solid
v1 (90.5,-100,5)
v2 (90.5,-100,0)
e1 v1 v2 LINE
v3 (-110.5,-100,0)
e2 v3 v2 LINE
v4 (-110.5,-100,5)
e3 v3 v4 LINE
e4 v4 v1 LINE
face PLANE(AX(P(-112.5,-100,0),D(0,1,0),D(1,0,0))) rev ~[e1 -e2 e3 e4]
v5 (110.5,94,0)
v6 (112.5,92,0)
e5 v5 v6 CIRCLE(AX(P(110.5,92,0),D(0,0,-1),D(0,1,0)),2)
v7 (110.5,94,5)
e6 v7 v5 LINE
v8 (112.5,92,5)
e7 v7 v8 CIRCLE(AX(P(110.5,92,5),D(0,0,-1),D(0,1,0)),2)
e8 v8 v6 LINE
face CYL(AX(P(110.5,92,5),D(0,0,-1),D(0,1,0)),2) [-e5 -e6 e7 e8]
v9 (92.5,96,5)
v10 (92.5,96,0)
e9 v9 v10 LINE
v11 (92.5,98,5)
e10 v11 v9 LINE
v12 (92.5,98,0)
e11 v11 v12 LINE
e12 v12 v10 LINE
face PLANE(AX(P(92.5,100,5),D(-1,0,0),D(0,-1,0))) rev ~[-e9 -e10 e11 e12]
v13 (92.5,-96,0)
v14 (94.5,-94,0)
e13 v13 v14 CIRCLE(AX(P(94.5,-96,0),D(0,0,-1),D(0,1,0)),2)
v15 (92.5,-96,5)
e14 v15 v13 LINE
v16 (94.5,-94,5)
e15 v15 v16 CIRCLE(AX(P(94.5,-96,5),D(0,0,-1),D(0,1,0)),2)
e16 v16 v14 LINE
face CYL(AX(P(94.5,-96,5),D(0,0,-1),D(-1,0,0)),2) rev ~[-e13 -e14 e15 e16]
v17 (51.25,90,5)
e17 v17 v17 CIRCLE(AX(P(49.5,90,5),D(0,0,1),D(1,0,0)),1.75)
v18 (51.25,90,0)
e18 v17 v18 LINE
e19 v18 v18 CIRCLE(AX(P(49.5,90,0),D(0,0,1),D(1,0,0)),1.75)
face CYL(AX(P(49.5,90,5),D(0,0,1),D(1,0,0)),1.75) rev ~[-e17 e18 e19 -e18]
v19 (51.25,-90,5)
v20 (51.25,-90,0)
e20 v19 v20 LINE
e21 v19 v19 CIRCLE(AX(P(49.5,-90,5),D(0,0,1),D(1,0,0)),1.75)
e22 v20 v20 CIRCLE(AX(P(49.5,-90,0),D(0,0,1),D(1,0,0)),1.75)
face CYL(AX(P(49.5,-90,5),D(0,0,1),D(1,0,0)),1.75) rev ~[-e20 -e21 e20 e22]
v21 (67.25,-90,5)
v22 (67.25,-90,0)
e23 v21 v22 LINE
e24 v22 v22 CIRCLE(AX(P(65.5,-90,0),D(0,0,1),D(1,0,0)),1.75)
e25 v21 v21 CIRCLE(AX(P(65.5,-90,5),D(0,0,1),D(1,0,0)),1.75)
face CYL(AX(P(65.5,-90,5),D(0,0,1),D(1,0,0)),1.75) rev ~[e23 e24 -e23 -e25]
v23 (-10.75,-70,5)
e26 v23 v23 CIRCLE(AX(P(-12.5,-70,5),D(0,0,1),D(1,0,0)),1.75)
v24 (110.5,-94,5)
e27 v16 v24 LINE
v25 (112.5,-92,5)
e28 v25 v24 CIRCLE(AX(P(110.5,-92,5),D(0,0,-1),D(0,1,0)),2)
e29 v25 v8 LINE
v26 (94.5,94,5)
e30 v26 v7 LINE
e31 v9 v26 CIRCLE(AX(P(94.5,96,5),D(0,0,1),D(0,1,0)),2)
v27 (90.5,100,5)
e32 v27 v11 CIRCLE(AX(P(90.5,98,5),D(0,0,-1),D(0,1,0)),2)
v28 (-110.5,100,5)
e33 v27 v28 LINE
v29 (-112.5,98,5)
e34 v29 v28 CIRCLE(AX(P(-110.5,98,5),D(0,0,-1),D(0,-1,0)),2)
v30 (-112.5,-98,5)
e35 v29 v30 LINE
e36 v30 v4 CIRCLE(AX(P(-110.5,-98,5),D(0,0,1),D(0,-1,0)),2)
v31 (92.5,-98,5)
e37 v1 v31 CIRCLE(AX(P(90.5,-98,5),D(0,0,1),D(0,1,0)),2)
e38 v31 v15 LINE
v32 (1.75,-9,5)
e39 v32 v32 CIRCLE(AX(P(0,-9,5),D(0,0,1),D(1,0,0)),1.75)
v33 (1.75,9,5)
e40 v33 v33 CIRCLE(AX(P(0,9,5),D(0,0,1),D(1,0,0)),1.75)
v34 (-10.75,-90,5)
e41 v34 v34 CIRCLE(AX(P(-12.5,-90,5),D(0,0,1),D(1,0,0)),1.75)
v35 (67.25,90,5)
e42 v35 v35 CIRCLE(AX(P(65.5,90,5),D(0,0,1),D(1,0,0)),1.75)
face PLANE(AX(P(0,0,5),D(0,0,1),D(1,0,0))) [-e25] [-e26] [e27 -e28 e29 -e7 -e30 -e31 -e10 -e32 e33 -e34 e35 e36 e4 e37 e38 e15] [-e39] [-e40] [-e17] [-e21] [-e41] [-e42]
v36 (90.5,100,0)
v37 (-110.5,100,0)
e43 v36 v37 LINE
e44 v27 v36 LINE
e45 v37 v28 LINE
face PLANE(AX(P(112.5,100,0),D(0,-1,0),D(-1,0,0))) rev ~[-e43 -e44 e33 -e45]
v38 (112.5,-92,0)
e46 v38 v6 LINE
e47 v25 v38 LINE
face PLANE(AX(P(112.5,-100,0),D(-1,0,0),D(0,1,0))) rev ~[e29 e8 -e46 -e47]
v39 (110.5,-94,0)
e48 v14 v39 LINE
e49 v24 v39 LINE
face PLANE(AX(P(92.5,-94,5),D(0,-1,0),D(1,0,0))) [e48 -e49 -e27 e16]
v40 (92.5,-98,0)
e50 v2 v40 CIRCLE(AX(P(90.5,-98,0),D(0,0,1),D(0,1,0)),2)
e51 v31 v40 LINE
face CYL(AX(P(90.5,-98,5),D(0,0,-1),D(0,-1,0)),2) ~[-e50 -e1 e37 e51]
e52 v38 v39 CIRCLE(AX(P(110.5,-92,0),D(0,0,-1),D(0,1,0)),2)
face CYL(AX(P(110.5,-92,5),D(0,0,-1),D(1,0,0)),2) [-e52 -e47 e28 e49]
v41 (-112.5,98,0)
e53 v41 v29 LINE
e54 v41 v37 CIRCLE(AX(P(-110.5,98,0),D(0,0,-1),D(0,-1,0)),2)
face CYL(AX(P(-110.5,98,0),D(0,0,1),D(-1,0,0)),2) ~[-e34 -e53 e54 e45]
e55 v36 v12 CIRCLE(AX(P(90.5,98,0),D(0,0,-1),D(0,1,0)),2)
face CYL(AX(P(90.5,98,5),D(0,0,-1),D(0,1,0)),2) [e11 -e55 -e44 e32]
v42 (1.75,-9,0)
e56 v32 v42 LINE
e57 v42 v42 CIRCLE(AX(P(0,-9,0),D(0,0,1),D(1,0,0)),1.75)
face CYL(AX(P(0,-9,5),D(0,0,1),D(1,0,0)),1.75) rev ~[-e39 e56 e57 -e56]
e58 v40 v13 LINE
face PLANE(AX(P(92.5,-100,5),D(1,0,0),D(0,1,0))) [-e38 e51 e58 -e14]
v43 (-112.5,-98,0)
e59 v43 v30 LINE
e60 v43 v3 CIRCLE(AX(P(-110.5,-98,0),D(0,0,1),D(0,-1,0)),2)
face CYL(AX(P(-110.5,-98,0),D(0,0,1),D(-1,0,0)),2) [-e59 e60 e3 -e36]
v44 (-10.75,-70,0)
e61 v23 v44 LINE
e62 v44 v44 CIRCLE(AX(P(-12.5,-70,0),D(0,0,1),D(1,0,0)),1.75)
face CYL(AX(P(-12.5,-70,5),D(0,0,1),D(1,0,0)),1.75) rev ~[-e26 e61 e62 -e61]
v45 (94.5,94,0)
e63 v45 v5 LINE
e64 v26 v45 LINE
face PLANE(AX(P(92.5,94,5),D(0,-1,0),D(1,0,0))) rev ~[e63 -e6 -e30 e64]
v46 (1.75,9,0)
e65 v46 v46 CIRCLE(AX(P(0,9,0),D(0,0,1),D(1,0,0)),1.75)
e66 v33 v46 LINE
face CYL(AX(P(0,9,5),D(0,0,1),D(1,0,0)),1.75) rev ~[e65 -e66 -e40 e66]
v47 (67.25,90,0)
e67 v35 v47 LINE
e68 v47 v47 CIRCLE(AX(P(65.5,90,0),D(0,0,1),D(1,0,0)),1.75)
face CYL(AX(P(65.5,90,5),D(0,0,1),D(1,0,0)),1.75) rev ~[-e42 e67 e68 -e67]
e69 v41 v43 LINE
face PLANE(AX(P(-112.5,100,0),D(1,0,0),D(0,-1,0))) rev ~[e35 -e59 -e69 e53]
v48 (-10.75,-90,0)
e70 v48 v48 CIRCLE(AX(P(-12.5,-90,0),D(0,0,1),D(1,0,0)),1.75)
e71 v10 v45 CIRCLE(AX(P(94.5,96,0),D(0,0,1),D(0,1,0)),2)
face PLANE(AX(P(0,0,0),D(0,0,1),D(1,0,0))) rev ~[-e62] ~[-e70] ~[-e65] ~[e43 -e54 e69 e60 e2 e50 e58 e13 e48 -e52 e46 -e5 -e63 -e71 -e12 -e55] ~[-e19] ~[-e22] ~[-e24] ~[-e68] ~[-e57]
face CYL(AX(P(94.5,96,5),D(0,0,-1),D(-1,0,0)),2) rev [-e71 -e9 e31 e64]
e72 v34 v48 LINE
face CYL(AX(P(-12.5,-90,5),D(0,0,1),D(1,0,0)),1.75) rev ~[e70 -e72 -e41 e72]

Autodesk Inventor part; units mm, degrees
ref_plane "YZ Plane" through (0, 0, 0) normal (1, 0, 0) x (0, 1, 0)
ref_plane "XZ Plane" through (0, 0, 0) normal (0, 1, 0) x (-1, 0, 0)
ref_plane "XY Plane" through (0, 0, 0) normal (0, 0, 1) x (1, 0, 0)
sketch "Sketch1" plane through (0, 0, 0) normal (0, 0, 1) x (1, 0, 0)
  line L0 (-112.5, -100) -> (112.5, -100)
  line L1 (112.5, -100) -> (112.5, 100)
  line L2 (112.5, 100) -> (-112.5, 100)
  line L3 (-112.5, 100) -> (-112.5, -100)
  line L4 (-112.5, -100) -> (112.5, 100) construction
  line L5 (112.5, -100) -> (-112.5, 100) construction
  point P0 (0, 0)
  dimension "d0" = 225
  dimension "d1" = 200
extrude "Extrusion1" add sketch "Sketch1" along normal blind 5
sketch "Sketch2" plane through (0, 0, 5) normal (0, 0, 1) x (1, 0, 0)
  point P0 (0, 0)
sketch "Sketch3" plane through (0, 0, 5) normal (0, 0, 1) x (1, 0, 0)
  circle A0 centre (65.5, -90) radius 1.75
  circle A1 centre (49.5, -90) radius 1.75
  circle A2 centre (65.5, 90) radius 1.75
  circle A3 centre (49.5, 90) radius 1.75
  line L0 (-112.5, -100) -> (112.5, -100) projected
  line L1 (112.5, 100) -> (-112.5, 100) projected
  line L2 (112.5, -100) -> (112.5, 100) projected
  point P0 (0, 0)
  dimension "d4" = 3.5
  dimension "d5" = 3.5
  dimension "d6" = 3.5
  dimension "d7" = 3.5
  dimension "d8" = 16
  dimension "d9" = 16
  dimension "d10" = 10
  dimension "d11" = 10
  dimension "d12" = 47
  dimension "d13" = 47
extrude "Extrusion2" cut sketch "Sketch3" against normal through all
sketch "Sketch4" plane through (0, 0, 5) normal (0, 0, 1) x (1, 0, 0)
  circle A0 centre (-12.5, -90) radius 1.75
  circle A1 centre (-12.5, -70) radius 1.75
  circle A2 centre (49.5, -90) radius 1.75 projected
  line L0 (-112.5, -100) -> (112.5, -100) projected
  line L1 (-112.5, 100) -> (-112.5, -100) projected
  point P0 (0, 0)
  point P1 (-110.5, -100)
  point P2 (110.5, -100)
  point P3 (-112.5, 98)
  point P4 (-112.5, -98)
  dimension "d18" = 3.5
  dimension "d19" = 3.5
  dimension "d26" = 3.5
  dimension "d27" = 10
  dimension "d28" = 20
  dimension "d29" = 100
  dimension "d30" = 100
extrude "Extrusion3" cut sketch "Sketch4" against normal through all contours A0 | A1
sketch "Sketch5" plane through (0, 0, 5) normal (0, 0, 1) x (1, 0, 0)
  line L0 (0, -140.5799) -> (0, 140.5799) construction
  circle A0 centre (0, -9) radius 1.75
  circle A1 centre (0, 9) radius 1.75
  point P0 (0, 0)
  dimension "d31" = 3.5
  dimension "d32" = 3.5
  dimension "d33" = 9
  dimension "d34" = 9
extrude "Extrusion4" cut sketch "Sketch5" against normal through all
sketch "Sketch7" plane through (0, 0, 5) normal (0, 0, 1) x (1, 0, 0)
  line L0 (112.5, -100) -> (112.5, 100) construction
  line L1 (112.5, -100) -> (92.5, -100)
  line L2 (92.5, -100) -> (92.5, -94)
  line L3 (92.5, -94) -> (112.5, -94)
  line L4 (112.5, -94) -> (112.5, -100)
  line L5 (131.6327, 0) -> (-168.572, 0) construction
  line L6 (-112.5, -100) -> (112.5, -100) construction
  line L7 (112.5, 100) -> (-112.5, 100) projected
  line L8 (112.5, 100) -> (92.5, 100)
  line L9 (92.5, 100) -> (92.5, 94)
  line L10 (92.5, 94) -> (112.5, 94)
  line L11 (112.5, 94) -> (112.5, 100)
  point P0 (0, 0)
  dimension "d37" = 20
  dimension "d38" = 6
  dimension "d39" = 100
  dimension "d40" = 200
extrude "Extrusion5" cut sketch "Sketch7" against normal through all
fillet "Fillet2" radius 2 8 edges at (112.5, -94, 2.5) (92.5, -94, 2.5) (92.5, -100, 2.5) (112.5, 94, 2.5) (92.5, 94, 2.5) (92.5, 100, 2.5) (-112.5, 100, 2.5) (-112.5, -100, 2.5)
sketch "Sketch8" plane through (0, 0, 5) normal (0, 0, 1) x (1, 0, 0)
  arc A0 (-112.5, -98) -> (-110.5, -100) centre (-110.5, -98) ccw projected
  line L0 (-110.5, -100) -> (90.5, -100) projected
  arc A1 (90.5, -100) -> (92.5, -98) centre (90.5, -98) ccw projected
  line L1 (92.5, -98) -> (92.5, -96) projected
  arc A2 (94.5, -94) -> (92.5, -96) centre (94.5, -96) ccw projected
  line L2 (94.5, -94) -> (110.5, -94) projected
  arc A3 (110.5, -94) -> (112.5, -92) centre (110.5, -92) ccw projected
  line L3 (112.5, -92) -> (112.5, 92) projected
  arc A4 (112.5, 92) -> (110.5, 94) centre (110.5, 92) ccw projected
  line L4 (110.5, 94) -> (94.5, 94) projected
  arc A5 (92.5, 96) -> (94.5, 94) centre (94.5, 96) ccw projected
  line L5 (92.5, 96) -> (92.5, 98) projected
  arc A6 (92.5, 98) -> (90.5, 100) centre (90.5, 98) ccw projected
  line L6 (90.5, 100) -> (-110.5, 100) projected
  arc A7 (-110.5, 100) -> (-112.5, 98) centre (-110.5, 98) ccw projected
  line L7 (-112.5, 98) -> (-112.5, -98) projected
  circle A8 centre (65.5, -90) radius 1.75 projected
  circle A9 centre (49.5, 90) radius 1.75 projected
  circle A10 centre (49.5, -90) radius 1.75 projected
  circle A11 centre (65.5, 90) radius 1.75 projected
  circle A12 centre (-12.5, -70) radius 1.75 projected
  circle A13 centre (-12.5, -90) radius 1.75 projected
  circle A14 centre (0, -9) radius 1.75 projected
  circle A15 centre (0, 9) radius 1.75 projected
  point P0 (0, 0)
equation "\"d5\" = d4"
equation "\"d6\" = d4"
equation "\"d7\" = d4"
equation "\"d11\" = d10"
equation "\"d13\" = d12"
equation "\"d19\" = d18"
equation "\"d26\" = d19"
equation "\"d30\" = d29"
equation "\"d32\" = d31"
equation "\"d34\" = d33"
equation "\"d39\" = 0.5 * d40"
properties part number "BottomAcrylicSheet"
